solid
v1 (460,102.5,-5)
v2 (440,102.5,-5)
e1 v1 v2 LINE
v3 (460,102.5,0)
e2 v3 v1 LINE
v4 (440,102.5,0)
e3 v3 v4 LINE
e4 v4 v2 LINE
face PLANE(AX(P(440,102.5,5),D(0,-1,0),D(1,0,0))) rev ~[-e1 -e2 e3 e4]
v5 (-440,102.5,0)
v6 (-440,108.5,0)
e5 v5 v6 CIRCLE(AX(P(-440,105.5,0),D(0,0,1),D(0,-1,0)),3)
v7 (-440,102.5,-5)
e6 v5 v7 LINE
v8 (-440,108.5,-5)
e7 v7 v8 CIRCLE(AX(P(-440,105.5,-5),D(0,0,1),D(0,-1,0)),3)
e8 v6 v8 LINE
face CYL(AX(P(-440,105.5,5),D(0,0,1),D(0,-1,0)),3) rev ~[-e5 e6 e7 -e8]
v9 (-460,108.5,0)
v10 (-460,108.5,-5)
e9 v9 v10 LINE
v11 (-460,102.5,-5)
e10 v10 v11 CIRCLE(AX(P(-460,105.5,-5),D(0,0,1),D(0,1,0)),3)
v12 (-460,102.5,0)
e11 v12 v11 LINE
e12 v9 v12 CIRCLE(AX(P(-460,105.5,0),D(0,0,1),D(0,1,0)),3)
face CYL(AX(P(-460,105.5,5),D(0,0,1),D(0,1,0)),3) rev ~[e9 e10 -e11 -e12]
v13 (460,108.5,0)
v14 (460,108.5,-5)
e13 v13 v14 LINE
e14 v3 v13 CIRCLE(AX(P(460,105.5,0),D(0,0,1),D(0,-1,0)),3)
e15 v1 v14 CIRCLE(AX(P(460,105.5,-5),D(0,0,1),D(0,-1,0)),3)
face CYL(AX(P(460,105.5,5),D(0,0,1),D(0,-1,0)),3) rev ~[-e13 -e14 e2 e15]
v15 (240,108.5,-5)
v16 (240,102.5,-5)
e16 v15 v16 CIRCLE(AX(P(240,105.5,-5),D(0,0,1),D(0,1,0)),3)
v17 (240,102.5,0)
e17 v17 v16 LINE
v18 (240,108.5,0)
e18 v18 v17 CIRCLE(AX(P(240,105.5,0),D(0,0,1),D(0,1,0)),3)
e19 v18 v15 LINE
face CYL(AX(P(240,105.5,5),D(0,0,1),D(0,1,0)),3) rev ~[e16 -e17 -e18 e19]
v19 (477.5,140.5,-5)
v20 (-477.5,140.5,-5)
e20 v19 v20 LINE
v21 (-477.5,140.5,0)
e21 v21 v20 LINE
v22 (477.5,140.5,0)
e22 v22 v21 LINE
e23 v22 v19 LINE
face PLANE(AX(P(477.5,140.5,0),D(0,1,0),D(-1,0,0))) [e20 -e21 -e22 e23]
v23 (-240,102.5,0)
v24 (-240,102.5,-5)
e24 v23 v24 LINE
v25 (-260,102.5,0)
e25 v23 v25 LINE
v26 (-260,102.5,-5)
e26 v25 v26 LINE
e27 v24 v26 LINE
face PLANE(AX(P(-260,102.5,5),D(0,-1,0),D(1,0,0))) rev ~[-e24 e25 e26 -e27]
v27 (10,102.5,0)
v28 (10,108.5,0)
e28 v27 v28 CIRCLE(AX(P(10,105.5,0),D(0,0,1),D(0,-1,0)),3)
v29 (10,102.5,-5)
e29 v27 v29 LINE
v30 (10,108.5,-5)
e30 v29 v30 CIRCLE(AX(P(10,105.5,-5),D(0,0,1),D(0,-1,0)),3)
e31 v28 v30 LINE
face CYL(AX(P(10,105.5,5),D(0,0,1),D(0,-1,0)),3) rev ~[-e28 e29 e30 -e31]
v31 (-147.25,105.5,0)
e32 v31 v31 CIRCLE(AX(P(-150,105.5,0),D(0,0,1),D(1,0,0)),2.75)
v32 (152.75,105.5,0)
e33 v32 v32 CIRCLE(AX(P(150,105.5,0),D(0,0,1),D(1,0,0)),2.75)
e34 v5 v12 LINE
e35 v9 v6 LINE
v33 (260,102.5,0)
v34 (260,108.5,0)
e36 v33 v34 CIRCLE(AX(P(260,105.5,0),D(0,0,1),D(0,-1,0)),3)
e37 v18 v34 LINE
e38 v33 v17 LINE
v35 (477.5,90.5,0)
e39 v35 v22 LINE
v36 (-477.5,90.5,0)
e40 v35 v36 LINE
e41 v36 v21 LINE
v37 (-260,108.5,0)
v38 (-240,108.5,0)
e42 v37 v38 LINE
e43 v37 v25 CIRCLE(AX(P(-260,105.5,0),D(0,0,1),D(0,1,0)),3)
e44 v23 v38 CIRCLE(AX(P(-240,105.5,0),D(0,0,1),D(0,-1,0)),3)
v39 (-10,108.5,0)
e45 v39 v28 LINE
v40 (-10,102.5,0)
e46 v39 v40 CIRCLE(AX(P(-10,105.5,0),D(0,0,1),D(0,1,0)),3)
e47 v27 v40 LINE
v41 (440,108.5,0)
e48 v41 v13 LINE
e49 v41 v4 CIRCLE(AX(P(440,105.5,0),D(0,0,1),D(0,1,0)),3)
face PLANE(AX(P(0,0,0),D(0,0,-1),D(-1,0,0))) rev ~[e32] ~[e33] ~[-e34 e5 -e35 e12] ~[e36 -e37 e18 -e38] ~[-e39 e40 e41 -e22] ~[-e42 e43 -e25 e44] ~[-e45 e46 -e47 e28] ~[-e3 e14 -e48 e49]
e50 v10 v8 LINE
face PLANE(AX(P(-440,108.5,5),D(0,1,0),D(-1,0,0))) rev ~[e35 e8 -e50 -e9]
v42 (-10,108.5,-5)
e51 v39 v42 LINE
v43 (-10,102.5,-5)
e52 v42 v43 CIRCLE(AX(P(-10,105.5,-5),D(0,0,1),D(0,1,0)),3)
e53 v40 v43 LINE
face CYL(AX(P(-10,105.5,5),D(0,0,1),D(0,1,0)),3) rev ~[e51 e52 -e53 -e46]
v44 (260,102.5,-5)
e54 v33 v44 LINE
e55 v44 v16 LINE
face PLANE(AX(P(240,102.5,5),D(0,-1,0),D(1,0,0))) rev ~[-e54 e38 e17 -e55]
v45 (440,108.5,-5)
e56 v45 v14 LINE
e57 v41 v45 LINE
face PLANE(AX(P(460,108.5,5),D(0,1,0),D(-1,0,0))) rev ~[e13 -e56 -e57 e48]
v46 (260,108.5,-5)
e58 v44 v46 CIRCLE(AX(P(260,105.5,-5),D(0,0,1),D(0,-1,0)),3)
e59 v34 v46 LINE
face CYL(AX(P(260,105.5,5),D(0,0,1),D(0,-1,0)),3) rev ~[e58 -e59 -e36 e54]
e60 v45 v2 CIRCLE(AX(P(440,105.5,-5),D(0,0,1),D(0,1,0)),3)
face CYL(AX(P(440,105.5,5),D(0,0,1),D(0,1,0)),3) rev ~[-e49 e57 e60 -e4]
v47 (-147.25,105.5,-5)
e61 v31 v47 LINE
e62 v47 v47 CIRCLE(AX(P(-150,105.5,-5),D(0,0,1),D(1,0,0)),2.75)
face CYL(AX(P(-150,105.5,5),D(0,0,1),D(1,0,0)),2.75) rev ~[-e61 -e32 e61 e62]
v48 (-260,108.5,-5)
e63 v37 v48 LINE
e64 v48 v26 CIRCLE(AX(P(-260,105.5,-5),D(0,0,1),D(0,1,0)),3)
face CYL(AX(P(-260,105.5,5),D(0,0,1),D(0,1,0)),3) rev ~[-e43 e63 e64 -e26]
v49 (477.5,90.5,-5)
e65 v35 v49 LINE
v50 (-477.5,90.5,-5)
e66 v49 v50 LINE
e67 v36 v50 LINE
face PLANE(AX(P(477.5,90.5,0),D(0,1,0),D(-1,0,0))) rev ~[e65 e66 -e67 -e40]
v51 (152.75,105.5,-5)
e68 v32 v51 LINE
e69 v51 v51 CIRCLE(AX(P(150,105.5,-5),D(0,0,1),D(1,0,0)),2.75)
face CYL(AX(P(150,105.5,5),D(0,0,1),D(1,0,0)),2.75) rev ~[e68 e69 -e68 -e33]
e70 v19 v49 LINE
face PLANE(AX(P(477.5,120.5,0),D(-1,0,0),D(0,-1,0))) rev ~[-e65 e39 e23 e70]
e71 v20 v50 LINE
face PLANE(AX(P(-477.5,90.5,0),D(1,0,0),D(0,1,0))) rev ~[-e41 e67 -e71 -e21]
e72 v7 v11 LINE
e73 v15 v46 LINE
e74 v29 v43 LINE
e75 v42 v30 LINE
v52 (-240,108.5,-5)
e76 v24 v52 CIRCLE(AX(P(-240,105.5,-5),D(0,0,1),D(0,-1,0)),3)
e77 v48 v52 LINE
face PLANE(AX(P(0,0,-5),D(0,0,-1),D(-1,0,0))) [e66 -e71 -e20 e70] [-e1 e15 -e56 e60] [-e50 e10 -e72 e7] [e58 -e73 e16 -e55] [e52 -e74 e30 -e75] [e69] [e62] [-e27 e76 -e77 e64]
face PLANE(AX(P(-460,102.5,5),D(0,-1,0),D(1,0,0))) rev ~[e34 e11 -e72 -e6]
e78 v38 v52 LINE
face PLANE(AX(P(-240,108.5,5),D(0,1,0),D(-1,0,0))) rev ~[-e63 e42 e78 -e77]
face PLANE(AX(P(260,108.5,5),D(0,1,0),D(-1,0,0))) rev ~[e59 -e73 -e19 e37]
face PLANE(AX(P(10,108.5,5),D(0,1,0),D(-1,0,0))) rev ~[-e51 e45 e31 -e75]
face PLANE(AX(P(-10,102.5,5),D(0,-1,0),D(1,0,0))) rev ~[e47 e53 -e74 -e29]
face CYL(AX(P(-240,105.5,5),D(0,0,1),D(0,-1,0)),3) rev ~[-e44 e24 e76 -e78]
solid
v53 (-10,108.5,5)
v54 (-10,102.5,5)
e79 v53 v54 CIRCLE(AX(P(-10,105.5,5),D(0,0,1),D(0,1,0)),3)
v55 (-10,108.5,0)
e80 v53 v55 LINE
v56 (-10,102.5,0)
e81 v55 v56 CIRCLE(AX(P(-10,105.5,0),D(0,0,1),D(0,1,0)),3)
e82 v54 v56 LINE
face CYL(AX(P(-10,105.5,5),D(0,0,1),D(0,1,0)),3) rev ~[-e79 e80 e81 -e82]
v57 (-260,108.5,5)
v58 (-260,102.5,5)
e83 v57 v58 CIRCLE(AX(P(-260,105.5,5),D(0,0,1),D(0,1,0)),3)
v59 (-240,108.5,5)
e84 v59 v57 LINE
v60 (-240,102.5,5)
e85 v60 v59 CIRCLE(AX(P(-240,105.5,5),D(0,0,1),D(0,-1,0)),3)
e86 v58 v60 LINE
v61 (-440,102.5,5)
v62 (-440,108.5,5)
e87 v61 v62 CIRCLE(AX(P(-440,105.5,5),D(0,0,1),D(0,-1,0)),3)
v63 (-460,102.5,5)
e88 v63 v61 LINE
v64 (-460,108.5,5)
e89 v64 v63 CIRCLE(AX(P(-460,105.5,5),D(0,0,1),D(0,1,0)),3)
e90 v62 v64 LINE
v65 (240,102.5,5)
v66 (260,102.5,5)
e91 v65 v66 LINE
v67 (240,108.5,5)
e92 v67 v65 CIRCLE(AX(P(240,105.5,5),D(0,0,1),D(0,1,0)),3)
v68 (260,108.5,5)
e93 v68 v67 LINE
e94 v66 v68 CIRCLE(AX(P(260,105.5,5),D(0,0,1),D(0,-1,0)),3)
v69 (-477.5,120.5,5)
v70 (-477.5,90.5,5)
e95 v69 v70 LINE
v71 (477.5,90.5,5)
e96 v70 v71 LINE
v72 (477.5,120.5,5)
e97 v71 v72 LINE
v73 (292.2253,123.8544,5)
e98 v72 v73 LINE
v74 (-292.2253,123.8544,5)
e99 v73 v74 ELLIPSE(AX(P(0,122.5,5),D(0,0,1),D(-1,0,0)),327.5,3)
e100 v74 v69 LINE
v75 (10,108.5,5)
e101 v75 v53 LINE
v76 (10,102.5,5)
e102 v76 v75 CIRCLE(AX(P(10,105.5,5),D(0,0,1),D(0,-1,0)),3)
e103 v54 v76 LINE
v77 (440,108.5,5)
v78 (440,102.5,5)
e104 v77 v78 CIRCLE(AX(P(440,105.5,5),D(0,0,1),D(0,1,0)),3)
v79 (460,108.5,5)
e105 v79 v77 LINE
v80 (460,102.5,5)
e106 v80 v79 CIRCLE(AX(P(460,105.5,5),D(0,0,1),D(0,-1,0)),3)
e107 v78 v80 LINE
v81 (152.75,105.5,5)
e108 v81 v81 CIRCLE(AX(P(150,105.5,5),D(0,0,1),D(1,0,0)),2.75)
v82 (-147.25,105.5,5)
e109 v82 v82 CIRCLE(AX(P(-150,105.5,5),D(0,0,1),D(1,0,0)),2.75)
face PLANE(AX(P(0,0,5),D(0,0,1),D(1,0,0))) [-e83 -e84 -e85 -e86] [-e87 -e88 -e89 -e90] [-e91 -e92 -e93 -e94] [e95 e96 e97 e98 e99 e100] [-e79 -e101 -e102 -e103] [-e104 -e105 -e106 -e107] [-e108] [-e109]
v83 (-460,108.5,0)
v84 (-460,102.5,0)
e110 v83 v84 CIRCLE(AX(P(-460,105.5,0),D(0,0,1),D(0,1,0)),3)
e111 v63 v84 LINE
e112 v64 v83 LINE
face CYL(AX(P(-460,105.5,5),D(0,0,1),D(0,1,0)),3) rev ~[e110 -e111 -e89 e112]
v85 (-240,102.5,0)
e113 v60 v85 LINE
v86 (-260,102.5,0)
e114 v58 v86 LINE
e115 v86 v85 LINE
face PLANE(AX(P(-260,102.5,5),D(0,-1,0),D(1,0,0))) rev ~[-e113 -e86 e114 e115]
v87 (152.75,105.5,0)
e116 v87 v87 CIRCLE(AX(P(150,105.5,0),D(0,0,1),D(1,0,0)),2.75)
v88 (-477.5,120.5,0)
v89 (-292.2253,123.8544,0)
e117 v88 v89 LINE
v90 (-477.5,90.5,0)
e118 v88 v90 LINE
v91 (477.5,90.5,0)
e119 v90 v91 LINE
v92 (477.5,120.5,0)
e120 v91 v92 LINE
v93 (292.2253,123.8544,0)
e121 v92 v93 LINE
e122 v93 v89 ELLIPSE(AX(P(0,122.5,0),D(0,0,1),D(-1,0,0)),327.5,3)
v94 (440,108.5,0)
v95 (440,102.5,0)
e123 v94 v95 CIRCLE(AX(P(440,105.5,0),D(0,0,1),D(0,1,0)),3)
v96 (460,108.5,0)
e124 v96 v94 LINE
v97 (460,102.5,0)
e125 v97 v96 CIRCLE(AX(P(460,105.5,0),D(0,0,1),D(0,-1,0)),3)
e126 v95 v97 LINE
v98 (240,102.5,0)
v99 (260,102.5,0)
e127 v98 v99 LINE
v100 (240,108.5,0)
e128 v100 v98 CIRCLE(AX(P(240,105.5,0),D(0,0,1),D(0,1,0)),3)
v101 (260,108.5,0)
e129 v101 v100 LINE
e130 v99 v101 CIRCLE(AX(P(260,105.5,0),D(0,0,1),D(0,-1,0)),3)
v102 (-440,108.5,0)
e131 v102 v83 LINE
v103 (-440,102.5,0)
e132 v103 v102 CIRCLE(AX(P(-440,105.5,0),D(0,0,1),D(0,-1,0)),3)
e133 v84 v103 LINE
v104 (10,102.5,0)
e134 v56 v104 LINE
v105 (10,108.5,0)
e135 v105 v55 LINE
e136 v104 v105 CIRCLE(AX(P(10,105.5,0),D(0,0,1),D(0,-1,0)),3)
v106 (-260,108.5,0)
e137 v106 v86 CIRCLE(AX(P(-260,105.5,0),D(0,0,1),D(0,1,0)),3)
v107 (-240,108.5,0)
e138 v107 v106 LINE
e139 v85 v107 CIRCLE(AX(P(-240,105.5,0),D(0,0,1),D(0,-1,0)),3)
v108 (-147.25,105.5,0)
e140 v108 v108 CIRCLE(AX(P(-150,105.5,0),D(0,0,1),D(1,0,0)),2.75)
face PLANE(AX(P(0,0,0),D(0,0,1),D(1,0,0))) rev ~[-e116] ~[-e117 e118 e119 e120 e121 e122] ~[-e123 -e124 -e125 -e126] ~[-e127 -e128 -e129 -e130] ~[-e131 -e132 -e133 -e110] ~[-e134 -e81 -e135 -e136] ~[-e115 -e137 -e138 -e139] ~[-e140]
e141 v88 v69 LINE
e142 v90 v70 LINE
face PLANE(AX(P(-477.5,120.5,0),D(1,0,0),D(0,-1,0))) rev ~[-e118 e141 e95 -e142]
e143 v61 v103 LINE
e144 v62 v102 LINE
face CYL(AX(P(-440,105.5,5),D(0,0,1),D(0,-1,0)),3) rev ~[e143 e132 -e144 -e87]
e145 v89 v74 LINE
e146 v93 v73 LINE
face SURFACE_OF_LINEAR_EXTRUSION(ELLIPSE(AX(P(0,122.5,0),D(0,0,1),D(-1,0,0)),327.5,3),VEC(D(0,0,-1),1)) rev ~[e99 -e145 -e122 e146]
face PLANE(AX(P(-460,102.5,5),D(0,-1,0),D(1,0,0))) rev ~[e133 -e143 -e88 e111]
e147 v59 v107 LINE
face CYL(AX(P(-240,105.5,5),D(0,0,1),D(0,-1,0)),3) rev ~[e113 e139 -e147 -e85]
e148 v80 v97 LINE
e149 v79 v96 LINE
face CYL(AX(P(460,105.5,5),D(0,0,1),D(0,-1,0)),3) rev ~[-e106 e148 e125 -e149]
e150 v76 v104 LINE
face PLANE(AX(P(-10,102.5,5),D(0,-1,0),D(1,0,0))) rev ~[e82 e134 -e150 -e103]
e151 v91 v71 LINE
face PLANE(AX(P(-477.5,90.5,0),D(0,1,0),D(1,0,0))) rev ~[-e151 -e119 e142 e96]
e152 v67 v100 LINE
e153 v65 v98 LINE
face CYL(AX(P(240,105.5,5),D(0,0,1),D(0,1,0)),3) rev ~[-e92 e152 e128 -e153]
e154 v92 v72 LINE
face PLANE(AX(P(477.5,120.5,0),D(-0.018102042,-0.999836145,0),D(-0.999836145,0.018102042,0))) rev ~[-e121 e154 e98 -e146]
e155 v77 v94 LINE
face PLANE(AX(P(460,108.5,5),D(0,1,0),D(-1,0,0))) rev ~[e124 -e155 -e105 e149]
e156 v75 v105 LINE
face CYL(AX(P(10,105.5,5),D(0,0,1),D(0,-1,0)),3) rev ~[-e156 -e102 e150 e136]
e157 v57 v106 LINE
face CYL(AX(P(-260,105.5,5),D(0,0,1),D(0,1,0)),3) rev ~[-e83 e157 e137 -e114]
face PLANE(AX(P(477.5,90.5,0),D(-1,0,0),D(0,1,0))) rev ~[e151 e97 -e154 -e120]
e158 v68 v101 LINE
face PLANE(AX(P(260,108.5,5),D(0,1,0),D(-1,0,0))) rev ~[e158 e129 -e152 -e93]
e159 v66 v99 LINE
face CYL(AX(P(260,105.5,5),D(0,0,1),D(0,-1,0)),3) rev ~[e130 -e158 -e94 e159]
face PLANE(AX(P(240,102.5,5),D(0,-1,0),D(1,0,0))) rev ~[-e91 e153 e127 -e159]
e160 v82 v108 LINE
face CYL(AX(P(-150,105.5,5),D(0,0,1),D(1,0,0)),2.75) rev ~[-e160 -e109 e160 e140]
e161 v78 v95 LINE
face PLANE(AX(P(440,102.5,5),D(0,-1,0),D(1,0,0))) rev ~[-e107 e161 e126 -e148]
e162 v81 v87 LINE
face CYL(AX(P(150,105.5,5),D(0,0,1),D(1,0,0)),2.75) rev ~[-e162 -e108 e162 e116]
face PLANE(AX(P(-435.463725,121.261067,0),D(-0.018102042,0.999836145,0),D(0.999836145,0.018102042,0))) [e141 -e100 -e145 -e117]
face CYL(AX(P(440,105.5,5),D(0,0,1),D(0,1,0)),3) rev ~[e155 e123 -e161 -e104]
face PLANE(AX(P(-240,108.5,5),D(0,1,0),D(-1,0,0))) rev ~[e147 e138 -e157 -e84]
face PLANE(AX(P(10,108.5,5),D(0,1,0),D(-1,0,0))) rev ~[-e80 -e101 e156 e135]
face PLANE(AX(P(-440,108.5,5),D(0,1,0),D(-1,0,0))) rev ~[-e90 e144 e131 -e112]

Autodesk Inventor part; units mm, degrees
ref_plane "YZ Plane" through (0, 0, 0) normal (1, 0, 0) x (0, 1, 0)
ref_plane "XZ Plane" through (0, 0, 0) normal (0, 1, 0) x (-1, 0, 0)
ref_plane "XY Plane" through (0, 0, 0) normal (0, 0, 1) x (1, 0, 0)
sketch "Sketch1" plane through (0, 0, 0) normal (0, 0, 1) x (1, 0, 0)
  line L0 (-327.5, -120) -> (327.5, -120) construction
  line L1 (327.5, -120) -> (327.5, 120) construction
  line L2 (181.0324, 120) -> (-327.5, 120) construction
  line L3 (-327.5, 120) -> (-327.5, -120) construction
  line L4 (-327.5, -120) -> (327.5, 120) construction
  line L5 (327.5, -120) -> (-327.5, 120) construction
  line L6 (-327.5, 120) -> (-327.5, 122.5) construction
  line L7 (-145.4605, 120) -> (327.5, 120) construction
  line L8 (327.5, 120) -> (327.5, 125.5) construction
  line L9 (327.5, 125.5) -> (-327.5, 125.5) construction
  line L10 (-327.5, 125.5) -> (-327.5, 120) construction
  line L11 (-363.5951, 121.3114) -> (-639.7444, 121.118)
  line L12 (-327.5, 122.5) -> (-344.4955, 122.5)
  ellipse E0 centre (0, 122.5) end of major axis (-327.5, 122.5) minor radius 3 (327.5, 122.5) -> (-327.5, 122.5) ccw
  line L13 (-477.5, 120.5) -> (-292.2253, 123.8544)
  line L14 (-477.5, 120.5) -> (-477.5, 90.5)
  line L15 (-477.5, 90.5) -> (477.5, 90.5)
  line L16 (477.5, 90.5) -> (477.5, 120.5)
  line L17 (477.5, 120.5) -> (292.2253, 123.8544)
  point P0 (0, 0)
  dimension "d1" = 240
  dimension "d2" = 2.5
  dimension "d3" = 5.5
  dimension "d31" = 3
  dimension "d32" = 655
  dimension "d36" = 30
  dimension "d37" = 150
  dimension "d38" = 150
  dimension "d39" = 5
extrude "Extrusion1" add sketch "Sketch1" along normal blind 5
sketch "Sketch9" plane through (0, 0, 0) normal (0, 0, -1) x (-1, 0, 0)
  line L0 (477.5, 120.5) -> (292.2253, 123.8544) projected
  ellipse E0 centre (0, 122.5) end of major axis (-327.5, 122.5) minor radius 3 (292.2253, 123.8544) -> (-292.2253, 123.8544) ccw projected
  line L1 (-292.2253, 123.8544) -> (-477.5, 120.5) projected
  line L2 (-477.5, 120.5) -> (-477.5, 90.5) projected
  line L3 (-477.5, 90.5) -> (477.5, 90.5) projected
  line L4 (477.5, 90.5) -> (477.5, 120.5) projected
  line L5 (477.5, 120.5) -> (477.5, 90.5) projected
  line L6 (477.5, 90.5) -> (-477.5, 90.5)
  line L7 (-477.5, 90.5) -> (-477.5, 140.5)
  line L8 (-477.5, 140.5) -> (477.5, 140.5)
  line L9 (477.5, 140.5) -> (477.5, 90.5)
  point P0 (0, 0)
  dimension "d40" = 50
extrude "Extrusion7" add sketch "Sketch9" along normal blind 5 separate body
sketch "Sketch10" plane through (0, 0, 5) normal (0, 0, 1) x (1, 0, 0)
  line L0 (-10, 105.5) -> (10, 105.5) construction
  line L1 (-10, 102.5) -> (10, 102.5)
  line L2 (10, 108.5) -> (-10, 108.5)
  arc A0 (-10, 108.5) -> (-10, 102.5) centre (-10, 105.5) ccw
  arc A1 (10, 102.5) -> (10, 108.5) centre (10, 105.5) ccw
  line L3 (240, 105.5) -> (260, 105.5) construction
  line L4 (240, 102.5) -> (260, 102.5)
  line L5 (260, 108.5) -> (240, 108.5)
  arc A2 (240, 108.5) -> (240, 102.5) centre (240, 105.5) ccw
  arc A3 (260, 102.5) -> (260, 108.5) centre (260, 105.5) ccw
  line L6 (-260, 105.5) -> (-240, 105.5) construction
  line L7 (-260, 102.5) -> (-240, 102.5)
  line L8 (-240, 108.5) -> (-260, 108.5)
  arc A4 (-260, 108.5) -> (-260, 102.5) centre (-260, 105.5) ccw
  arc A5 (-240, 102.5) -> (-240, 108.5) centre (-240, 105.5) ccw
  line L9 (-477.5, 90.5) -> (477.5, 90.5) projected
  circle A6 centre (-150, 105.5) radius 2.75
  circle A7 centre (150, 105.5) radius 2.75
  line L10 (-460, 105.5) -> (-440, 105.5) construction
  line L11 (-460, 102.5) -> (-440, 102.5)
  line L12 (-440, 108.5) -> (-460, 108.5)
  arc A8 (-460, 108.5) -> (-460, 102.5) centre (-460, 105.5) ccw
  arc A9 (-440, 102.5) -> (-440, 108.5) centre (-440, 105.5) ccw
  line L13 (440, 105.5) -> (460, 105.5) construction
  line L14 (440, 102.5) -> (460, 102.5)
  line L15 (460, 108.5) -> (440, 108.5)
  arc A10 (440, 108.5) -> (440, 102.5) centre (440, 105.5) ccw
  arc A11 (460, 102.5) -> (460, 108.5) centre (460, 105.5) ccw
  point P0 (0, 0)
  point P1 (0, 105.5)
  point P2 (250, 105.5)
  point P3 (-250, 105.5)
  point P4 (-450, 105.5)
  point P5 (450, 105.5)
  dimension "d43" = 10
  dimension "d44" = 6
  dimension "d45" = 250
  dimension "d46" = 250
  dimension "d47" = 15
  dimension "d50" = 5.5
  dimension "d51" = 150
  dimension "d52" = 150
  dimension "d53" = 200
  dimension "d54" = 200
extrude "Extrusion8" cut sketch "Sketch10" against normal through all bodies 1 2
equation "\"d38\" = d37"
equation "\"d45\" = d46"
properties part number "Guia eliptica"
